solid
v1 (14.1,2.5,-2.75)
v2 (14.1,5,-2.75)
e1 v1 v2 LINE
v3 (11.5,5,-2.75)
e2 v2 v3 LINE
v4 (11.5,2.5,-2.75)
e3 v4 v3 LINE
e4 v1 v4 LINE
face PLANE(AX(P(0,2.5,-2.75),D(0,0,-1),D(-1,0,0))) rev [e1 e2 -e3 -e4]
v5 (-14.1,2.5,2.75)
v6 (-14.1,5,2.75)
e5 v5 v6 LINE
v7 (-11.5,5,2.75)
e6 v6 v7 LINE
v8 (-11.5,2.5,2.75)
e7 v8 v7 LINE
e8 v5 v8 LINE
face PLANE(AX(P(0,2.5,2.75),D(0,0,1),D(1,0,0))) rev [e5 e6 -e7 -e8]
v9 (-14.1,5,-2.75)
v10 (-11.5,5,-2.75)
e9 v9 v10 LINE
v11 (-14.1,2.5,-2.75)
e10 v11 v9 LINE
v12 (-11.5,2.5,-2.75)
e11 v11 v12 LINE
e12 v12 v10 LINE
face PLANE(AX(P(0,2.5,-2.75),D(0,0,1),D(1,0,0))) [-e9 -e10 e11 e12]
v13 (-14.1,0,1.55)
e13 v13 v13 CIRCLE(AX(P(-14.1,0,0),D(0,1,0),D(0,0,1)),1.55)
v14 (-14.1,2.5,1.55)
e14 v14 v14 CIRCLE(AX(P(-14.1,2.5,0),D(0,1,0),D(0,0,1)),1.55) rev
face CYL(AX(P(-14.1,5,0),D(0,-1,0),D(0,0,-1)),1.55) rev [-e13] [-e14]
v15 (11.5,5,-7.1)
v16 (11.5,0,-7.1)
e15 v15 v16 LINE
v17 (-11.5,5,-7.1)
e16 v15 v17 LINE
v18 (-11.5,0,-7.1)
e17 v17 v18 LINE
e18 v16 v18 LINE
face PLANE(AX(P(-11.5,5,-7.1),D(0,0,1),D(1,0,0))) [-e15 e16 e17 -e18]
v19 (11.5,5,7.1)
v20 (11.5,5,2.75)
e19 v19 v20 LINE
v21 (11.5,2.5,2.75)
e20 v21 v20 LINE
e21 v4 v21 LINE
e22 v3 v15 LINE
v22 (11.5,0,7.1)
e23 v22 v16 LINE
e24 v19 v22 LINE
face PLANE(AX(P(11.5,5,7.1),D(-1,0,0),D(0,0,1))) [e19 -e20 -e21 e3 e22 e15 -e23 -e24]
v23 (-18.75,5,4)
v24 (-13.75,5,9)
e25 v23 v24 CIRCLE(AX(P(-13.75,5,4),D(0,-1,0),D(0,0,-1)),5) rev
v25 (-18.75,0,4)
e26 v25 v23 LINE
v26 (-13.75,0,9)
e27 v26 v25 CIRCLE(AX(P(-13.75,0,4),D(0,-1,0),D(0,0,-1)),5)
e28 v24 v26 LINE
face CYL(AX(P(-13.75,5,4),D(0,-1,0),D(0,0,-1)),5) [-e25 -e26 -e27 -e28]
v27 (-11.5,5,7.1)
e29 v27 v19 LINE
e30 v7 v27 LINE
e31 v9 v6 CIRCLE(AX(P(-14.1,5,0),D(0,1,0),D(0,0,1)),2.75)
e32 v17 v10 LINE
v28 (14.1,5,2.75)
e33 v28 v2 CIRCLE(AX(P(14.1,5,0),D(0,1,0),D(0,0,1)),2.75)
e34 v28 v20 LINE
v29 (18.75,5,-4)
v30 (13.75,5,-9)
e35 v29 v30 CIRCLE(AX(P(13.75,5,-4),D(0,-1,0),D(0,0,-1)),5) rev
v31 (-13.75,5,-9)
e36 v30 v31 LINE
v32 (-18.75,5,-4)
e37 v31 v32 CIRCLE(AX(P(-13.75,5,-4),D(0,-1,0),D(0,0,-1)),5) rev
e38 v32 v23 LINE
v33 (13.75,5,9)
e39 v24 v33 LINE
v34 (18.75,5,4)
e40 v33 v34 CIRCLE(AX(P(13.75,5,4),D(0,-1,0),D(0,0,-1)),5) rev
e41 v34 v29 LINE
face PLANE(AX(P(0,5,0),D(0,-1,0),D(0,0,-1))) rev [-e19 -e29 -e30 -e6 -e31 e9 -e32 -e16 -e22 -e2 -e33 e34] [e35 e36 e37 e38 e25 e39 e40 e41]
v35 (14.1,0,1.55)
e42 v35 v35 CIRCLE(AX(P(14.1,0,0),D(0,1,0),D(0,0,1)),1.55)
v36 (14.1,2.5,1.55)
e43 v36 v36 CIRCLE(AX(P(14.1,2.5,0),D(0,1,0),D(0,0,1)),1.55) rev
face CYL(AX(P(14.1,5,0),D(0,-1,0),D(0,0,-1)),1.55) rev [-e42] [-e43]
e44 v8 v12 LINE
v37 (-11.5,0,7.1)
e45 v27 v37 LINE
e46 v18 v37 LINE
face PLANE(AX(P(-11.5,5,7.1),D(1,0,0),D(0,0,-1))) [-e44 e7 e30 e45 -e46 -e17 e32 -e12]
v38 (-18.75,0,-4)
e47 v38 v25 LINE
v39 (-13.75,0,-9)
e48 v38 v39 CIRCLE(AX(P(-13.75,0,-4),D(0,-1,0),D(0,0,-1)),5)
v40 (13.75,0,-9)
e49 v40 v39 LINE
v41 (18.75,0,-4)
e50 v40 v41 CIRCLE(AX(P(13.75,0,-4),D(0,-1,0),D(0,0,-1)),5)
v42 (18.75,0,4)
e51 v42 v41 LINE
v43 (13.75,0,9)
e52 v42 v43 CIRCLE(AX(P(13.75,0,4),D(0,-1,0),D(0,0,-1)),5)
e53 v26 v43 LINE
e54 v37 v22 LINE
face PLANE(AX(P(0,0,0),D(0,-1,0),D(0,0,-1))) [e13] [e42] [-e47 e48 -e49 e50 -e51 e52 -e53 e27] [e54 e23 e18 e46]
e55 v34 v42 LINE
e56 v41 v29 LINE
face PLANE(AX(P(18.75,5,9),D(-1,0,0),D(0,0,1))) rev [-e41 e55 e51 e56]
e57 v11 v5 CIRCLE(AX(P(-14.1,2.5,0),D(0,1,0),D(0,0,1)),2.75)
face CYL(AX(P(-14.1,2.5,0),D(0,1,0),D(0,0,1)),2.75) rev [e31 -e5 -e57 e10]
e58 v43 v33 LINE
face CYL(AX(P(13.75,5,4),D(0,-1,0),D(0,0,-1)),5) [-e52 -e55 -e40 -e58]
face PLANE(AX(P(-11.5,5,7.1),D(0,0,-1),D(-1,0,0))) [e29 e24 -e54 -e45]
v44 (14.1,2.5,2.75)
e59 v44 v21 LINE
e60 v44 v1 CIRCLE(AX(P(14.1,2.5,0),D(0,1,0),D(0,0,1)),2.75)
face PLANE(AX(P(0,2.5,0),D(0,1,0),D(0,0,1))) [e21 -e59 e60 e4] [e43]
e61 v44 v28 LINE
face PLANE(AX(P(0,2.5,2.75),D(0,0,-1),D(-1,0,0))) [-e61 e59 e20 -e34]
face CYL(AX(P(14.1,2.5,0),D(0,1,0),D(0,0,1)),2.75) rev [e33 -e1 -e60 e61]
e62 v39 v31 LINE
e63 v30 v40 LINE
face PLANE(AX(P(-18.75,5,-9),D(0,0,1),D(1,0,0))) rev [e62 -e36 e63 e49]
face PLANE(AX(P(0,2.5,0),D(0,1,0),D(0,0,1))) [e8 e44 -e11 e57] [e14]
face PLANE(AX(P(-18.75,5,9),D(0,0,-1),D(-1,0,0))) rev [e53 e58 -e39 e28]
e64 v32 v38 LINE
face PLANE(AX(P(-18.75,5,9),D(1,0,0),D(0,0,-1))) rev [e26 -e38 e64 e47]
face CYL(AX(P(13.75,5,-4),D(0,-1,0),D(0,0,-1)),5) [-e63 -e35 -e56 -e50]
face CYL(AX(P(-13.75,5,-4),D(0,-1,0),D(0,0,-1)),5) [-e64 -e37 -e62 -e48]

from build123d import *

# Parameters (mm, degrees)
SKETCH1_W           = 37.5
SKETCH1_H           = 18
SKETCH1_R           = 1.55
SKETCH1_W_2         = 23
SKETCH1_H_2         = 14.2
BOSS_EXTRUDE1_DEPTH = 5
SKETCH2_R           = 1.55
CUT_EXTRUDE1_DEPTH  = 2.5
FILLET1_R           = 5


with BuildPart() as part:
    # Sketch1 → Boss-Extrude1 (new body)
    with BuildSketch(Plane(origin=(0, 0, 0), x_dir=(1, 0, 0), z_dir=(0, 1, 0))):
        Rectangle(SKETCH1_W, SKETCH1_H)
        with Locations((-14.1, 0)):
            Circle(SKETCH1_R, mode=Mode.SUBTRACT)
        with Locations((14.1, 0)):
            Circle(SKETCH1_R, mode=Mode.SUBTRACT)
        Rectangle(SKETCH1_W_2, SKETCH1_H_2, mode=Mode.SUBTRACT)
    extrude(amount=BOSS_EXTRUDE1_DEPTH)

    # Sketch2 → Cut-Extrude1 (cut)
    with BuildSketch(Plane(origin=(0, 5, 0), x_dir=(1, 0, 0), z_dir=(0, 1, 0))):
        with BuildLine():
            ThreePointArc((11.5, 0.895823643), (12.503286973, 2.238974656), (14.1, 2.75))
            Line((14.1, 2.75), (11.5, 2.75))
            Line((11.5, 2.75), (11.5, 0.895823643))
        make_face()
        with BuildLine():
            Line((11.5, -2.75), (14.1, -2.75))
            ThreePointArc((14.1, -2.75), (12.503286973, -2.238974656), (11.5, -0.895823643))
            Line((11.5, -0.895823643), (11.5, -2.75))
        make_face()
        with BuildLine():
            ThreePointArc((16.85, 0), (16.044543648, 1.944543648), (14.1, 2.75))
            ThreePointArc((14.1, 2.75), (12.503286973, 2.238974656), (11.5, 0.895823643))
            Line((11.5, 0.895823643), (11.5, -0.895823643))
            ThreePointArc((11.5, -0.895823643), (12.503286973, -2.238974656), (14.1, -2.75))
            ThreePointArc((14.1, -2.75), (16.044543648, -1.944543648), (16.85, 0))
        make_face()
        with Locations((14.1, 0)):
            Circle(SKETCH2_R, mode=Mode.SUBTRACT)
        with BuildLine():
            ThreePointArc((-11.5, -0.895823643), (-12.503286973, -2.238974656), (-14.1, -2.75))
            Line((-14.1, -2.75), (-11.5, -2.75))
            Line((-11.5, -2.75), (-11.5, -0.895823643))
        make_face()
        with BuildLine():
            Line((-11.5, 2.75), (-14.1, 2.75))
            ThreePointArc((-14.1, 2.75), (-12.503286973, 2.238974656), (-11.5, 0.895823643))
            Line((-11.5, 0.895823643), (-11.5, 2.75))
        make_face()
        with BuildLine():
            ThreePointArc((-11.5, 0.895823643), (-12.503286973, 2.238974656), (-14.1, 2.75))
            ThreePointArc((-14.1, 2.75), (-16.85, 0), (-14.1, -2.75))
            ThreePointArc((-14.1, -2.75), (-12.503286973, -2.238974656), (-11.5, -0.895823643))
            Line((-11.5, -0.895823643), (-11.5, 0.895823643))
        make_face()
        with Locations((-14.1, 0)):
            Circle(SKETCH2_R, mode=Mode.SUBTRACT)
    extrude(amount=-CUT_EXTRUDE1_DEPTH, mode=Mode.SUBTRACT)

    # Fillet1
    fillet1_edges = [part.edges().sort_by_distance(p)[0] for p in [
        (18.75, 2.5, 9),
        (-18.75, 2.5, 9),
        (-18.75, 2.5, -9),
        (18.75, 2.5, -9),
    ]]
    fillet(fillet1_edges, radius=FILLET1_R)


solid = part.part
